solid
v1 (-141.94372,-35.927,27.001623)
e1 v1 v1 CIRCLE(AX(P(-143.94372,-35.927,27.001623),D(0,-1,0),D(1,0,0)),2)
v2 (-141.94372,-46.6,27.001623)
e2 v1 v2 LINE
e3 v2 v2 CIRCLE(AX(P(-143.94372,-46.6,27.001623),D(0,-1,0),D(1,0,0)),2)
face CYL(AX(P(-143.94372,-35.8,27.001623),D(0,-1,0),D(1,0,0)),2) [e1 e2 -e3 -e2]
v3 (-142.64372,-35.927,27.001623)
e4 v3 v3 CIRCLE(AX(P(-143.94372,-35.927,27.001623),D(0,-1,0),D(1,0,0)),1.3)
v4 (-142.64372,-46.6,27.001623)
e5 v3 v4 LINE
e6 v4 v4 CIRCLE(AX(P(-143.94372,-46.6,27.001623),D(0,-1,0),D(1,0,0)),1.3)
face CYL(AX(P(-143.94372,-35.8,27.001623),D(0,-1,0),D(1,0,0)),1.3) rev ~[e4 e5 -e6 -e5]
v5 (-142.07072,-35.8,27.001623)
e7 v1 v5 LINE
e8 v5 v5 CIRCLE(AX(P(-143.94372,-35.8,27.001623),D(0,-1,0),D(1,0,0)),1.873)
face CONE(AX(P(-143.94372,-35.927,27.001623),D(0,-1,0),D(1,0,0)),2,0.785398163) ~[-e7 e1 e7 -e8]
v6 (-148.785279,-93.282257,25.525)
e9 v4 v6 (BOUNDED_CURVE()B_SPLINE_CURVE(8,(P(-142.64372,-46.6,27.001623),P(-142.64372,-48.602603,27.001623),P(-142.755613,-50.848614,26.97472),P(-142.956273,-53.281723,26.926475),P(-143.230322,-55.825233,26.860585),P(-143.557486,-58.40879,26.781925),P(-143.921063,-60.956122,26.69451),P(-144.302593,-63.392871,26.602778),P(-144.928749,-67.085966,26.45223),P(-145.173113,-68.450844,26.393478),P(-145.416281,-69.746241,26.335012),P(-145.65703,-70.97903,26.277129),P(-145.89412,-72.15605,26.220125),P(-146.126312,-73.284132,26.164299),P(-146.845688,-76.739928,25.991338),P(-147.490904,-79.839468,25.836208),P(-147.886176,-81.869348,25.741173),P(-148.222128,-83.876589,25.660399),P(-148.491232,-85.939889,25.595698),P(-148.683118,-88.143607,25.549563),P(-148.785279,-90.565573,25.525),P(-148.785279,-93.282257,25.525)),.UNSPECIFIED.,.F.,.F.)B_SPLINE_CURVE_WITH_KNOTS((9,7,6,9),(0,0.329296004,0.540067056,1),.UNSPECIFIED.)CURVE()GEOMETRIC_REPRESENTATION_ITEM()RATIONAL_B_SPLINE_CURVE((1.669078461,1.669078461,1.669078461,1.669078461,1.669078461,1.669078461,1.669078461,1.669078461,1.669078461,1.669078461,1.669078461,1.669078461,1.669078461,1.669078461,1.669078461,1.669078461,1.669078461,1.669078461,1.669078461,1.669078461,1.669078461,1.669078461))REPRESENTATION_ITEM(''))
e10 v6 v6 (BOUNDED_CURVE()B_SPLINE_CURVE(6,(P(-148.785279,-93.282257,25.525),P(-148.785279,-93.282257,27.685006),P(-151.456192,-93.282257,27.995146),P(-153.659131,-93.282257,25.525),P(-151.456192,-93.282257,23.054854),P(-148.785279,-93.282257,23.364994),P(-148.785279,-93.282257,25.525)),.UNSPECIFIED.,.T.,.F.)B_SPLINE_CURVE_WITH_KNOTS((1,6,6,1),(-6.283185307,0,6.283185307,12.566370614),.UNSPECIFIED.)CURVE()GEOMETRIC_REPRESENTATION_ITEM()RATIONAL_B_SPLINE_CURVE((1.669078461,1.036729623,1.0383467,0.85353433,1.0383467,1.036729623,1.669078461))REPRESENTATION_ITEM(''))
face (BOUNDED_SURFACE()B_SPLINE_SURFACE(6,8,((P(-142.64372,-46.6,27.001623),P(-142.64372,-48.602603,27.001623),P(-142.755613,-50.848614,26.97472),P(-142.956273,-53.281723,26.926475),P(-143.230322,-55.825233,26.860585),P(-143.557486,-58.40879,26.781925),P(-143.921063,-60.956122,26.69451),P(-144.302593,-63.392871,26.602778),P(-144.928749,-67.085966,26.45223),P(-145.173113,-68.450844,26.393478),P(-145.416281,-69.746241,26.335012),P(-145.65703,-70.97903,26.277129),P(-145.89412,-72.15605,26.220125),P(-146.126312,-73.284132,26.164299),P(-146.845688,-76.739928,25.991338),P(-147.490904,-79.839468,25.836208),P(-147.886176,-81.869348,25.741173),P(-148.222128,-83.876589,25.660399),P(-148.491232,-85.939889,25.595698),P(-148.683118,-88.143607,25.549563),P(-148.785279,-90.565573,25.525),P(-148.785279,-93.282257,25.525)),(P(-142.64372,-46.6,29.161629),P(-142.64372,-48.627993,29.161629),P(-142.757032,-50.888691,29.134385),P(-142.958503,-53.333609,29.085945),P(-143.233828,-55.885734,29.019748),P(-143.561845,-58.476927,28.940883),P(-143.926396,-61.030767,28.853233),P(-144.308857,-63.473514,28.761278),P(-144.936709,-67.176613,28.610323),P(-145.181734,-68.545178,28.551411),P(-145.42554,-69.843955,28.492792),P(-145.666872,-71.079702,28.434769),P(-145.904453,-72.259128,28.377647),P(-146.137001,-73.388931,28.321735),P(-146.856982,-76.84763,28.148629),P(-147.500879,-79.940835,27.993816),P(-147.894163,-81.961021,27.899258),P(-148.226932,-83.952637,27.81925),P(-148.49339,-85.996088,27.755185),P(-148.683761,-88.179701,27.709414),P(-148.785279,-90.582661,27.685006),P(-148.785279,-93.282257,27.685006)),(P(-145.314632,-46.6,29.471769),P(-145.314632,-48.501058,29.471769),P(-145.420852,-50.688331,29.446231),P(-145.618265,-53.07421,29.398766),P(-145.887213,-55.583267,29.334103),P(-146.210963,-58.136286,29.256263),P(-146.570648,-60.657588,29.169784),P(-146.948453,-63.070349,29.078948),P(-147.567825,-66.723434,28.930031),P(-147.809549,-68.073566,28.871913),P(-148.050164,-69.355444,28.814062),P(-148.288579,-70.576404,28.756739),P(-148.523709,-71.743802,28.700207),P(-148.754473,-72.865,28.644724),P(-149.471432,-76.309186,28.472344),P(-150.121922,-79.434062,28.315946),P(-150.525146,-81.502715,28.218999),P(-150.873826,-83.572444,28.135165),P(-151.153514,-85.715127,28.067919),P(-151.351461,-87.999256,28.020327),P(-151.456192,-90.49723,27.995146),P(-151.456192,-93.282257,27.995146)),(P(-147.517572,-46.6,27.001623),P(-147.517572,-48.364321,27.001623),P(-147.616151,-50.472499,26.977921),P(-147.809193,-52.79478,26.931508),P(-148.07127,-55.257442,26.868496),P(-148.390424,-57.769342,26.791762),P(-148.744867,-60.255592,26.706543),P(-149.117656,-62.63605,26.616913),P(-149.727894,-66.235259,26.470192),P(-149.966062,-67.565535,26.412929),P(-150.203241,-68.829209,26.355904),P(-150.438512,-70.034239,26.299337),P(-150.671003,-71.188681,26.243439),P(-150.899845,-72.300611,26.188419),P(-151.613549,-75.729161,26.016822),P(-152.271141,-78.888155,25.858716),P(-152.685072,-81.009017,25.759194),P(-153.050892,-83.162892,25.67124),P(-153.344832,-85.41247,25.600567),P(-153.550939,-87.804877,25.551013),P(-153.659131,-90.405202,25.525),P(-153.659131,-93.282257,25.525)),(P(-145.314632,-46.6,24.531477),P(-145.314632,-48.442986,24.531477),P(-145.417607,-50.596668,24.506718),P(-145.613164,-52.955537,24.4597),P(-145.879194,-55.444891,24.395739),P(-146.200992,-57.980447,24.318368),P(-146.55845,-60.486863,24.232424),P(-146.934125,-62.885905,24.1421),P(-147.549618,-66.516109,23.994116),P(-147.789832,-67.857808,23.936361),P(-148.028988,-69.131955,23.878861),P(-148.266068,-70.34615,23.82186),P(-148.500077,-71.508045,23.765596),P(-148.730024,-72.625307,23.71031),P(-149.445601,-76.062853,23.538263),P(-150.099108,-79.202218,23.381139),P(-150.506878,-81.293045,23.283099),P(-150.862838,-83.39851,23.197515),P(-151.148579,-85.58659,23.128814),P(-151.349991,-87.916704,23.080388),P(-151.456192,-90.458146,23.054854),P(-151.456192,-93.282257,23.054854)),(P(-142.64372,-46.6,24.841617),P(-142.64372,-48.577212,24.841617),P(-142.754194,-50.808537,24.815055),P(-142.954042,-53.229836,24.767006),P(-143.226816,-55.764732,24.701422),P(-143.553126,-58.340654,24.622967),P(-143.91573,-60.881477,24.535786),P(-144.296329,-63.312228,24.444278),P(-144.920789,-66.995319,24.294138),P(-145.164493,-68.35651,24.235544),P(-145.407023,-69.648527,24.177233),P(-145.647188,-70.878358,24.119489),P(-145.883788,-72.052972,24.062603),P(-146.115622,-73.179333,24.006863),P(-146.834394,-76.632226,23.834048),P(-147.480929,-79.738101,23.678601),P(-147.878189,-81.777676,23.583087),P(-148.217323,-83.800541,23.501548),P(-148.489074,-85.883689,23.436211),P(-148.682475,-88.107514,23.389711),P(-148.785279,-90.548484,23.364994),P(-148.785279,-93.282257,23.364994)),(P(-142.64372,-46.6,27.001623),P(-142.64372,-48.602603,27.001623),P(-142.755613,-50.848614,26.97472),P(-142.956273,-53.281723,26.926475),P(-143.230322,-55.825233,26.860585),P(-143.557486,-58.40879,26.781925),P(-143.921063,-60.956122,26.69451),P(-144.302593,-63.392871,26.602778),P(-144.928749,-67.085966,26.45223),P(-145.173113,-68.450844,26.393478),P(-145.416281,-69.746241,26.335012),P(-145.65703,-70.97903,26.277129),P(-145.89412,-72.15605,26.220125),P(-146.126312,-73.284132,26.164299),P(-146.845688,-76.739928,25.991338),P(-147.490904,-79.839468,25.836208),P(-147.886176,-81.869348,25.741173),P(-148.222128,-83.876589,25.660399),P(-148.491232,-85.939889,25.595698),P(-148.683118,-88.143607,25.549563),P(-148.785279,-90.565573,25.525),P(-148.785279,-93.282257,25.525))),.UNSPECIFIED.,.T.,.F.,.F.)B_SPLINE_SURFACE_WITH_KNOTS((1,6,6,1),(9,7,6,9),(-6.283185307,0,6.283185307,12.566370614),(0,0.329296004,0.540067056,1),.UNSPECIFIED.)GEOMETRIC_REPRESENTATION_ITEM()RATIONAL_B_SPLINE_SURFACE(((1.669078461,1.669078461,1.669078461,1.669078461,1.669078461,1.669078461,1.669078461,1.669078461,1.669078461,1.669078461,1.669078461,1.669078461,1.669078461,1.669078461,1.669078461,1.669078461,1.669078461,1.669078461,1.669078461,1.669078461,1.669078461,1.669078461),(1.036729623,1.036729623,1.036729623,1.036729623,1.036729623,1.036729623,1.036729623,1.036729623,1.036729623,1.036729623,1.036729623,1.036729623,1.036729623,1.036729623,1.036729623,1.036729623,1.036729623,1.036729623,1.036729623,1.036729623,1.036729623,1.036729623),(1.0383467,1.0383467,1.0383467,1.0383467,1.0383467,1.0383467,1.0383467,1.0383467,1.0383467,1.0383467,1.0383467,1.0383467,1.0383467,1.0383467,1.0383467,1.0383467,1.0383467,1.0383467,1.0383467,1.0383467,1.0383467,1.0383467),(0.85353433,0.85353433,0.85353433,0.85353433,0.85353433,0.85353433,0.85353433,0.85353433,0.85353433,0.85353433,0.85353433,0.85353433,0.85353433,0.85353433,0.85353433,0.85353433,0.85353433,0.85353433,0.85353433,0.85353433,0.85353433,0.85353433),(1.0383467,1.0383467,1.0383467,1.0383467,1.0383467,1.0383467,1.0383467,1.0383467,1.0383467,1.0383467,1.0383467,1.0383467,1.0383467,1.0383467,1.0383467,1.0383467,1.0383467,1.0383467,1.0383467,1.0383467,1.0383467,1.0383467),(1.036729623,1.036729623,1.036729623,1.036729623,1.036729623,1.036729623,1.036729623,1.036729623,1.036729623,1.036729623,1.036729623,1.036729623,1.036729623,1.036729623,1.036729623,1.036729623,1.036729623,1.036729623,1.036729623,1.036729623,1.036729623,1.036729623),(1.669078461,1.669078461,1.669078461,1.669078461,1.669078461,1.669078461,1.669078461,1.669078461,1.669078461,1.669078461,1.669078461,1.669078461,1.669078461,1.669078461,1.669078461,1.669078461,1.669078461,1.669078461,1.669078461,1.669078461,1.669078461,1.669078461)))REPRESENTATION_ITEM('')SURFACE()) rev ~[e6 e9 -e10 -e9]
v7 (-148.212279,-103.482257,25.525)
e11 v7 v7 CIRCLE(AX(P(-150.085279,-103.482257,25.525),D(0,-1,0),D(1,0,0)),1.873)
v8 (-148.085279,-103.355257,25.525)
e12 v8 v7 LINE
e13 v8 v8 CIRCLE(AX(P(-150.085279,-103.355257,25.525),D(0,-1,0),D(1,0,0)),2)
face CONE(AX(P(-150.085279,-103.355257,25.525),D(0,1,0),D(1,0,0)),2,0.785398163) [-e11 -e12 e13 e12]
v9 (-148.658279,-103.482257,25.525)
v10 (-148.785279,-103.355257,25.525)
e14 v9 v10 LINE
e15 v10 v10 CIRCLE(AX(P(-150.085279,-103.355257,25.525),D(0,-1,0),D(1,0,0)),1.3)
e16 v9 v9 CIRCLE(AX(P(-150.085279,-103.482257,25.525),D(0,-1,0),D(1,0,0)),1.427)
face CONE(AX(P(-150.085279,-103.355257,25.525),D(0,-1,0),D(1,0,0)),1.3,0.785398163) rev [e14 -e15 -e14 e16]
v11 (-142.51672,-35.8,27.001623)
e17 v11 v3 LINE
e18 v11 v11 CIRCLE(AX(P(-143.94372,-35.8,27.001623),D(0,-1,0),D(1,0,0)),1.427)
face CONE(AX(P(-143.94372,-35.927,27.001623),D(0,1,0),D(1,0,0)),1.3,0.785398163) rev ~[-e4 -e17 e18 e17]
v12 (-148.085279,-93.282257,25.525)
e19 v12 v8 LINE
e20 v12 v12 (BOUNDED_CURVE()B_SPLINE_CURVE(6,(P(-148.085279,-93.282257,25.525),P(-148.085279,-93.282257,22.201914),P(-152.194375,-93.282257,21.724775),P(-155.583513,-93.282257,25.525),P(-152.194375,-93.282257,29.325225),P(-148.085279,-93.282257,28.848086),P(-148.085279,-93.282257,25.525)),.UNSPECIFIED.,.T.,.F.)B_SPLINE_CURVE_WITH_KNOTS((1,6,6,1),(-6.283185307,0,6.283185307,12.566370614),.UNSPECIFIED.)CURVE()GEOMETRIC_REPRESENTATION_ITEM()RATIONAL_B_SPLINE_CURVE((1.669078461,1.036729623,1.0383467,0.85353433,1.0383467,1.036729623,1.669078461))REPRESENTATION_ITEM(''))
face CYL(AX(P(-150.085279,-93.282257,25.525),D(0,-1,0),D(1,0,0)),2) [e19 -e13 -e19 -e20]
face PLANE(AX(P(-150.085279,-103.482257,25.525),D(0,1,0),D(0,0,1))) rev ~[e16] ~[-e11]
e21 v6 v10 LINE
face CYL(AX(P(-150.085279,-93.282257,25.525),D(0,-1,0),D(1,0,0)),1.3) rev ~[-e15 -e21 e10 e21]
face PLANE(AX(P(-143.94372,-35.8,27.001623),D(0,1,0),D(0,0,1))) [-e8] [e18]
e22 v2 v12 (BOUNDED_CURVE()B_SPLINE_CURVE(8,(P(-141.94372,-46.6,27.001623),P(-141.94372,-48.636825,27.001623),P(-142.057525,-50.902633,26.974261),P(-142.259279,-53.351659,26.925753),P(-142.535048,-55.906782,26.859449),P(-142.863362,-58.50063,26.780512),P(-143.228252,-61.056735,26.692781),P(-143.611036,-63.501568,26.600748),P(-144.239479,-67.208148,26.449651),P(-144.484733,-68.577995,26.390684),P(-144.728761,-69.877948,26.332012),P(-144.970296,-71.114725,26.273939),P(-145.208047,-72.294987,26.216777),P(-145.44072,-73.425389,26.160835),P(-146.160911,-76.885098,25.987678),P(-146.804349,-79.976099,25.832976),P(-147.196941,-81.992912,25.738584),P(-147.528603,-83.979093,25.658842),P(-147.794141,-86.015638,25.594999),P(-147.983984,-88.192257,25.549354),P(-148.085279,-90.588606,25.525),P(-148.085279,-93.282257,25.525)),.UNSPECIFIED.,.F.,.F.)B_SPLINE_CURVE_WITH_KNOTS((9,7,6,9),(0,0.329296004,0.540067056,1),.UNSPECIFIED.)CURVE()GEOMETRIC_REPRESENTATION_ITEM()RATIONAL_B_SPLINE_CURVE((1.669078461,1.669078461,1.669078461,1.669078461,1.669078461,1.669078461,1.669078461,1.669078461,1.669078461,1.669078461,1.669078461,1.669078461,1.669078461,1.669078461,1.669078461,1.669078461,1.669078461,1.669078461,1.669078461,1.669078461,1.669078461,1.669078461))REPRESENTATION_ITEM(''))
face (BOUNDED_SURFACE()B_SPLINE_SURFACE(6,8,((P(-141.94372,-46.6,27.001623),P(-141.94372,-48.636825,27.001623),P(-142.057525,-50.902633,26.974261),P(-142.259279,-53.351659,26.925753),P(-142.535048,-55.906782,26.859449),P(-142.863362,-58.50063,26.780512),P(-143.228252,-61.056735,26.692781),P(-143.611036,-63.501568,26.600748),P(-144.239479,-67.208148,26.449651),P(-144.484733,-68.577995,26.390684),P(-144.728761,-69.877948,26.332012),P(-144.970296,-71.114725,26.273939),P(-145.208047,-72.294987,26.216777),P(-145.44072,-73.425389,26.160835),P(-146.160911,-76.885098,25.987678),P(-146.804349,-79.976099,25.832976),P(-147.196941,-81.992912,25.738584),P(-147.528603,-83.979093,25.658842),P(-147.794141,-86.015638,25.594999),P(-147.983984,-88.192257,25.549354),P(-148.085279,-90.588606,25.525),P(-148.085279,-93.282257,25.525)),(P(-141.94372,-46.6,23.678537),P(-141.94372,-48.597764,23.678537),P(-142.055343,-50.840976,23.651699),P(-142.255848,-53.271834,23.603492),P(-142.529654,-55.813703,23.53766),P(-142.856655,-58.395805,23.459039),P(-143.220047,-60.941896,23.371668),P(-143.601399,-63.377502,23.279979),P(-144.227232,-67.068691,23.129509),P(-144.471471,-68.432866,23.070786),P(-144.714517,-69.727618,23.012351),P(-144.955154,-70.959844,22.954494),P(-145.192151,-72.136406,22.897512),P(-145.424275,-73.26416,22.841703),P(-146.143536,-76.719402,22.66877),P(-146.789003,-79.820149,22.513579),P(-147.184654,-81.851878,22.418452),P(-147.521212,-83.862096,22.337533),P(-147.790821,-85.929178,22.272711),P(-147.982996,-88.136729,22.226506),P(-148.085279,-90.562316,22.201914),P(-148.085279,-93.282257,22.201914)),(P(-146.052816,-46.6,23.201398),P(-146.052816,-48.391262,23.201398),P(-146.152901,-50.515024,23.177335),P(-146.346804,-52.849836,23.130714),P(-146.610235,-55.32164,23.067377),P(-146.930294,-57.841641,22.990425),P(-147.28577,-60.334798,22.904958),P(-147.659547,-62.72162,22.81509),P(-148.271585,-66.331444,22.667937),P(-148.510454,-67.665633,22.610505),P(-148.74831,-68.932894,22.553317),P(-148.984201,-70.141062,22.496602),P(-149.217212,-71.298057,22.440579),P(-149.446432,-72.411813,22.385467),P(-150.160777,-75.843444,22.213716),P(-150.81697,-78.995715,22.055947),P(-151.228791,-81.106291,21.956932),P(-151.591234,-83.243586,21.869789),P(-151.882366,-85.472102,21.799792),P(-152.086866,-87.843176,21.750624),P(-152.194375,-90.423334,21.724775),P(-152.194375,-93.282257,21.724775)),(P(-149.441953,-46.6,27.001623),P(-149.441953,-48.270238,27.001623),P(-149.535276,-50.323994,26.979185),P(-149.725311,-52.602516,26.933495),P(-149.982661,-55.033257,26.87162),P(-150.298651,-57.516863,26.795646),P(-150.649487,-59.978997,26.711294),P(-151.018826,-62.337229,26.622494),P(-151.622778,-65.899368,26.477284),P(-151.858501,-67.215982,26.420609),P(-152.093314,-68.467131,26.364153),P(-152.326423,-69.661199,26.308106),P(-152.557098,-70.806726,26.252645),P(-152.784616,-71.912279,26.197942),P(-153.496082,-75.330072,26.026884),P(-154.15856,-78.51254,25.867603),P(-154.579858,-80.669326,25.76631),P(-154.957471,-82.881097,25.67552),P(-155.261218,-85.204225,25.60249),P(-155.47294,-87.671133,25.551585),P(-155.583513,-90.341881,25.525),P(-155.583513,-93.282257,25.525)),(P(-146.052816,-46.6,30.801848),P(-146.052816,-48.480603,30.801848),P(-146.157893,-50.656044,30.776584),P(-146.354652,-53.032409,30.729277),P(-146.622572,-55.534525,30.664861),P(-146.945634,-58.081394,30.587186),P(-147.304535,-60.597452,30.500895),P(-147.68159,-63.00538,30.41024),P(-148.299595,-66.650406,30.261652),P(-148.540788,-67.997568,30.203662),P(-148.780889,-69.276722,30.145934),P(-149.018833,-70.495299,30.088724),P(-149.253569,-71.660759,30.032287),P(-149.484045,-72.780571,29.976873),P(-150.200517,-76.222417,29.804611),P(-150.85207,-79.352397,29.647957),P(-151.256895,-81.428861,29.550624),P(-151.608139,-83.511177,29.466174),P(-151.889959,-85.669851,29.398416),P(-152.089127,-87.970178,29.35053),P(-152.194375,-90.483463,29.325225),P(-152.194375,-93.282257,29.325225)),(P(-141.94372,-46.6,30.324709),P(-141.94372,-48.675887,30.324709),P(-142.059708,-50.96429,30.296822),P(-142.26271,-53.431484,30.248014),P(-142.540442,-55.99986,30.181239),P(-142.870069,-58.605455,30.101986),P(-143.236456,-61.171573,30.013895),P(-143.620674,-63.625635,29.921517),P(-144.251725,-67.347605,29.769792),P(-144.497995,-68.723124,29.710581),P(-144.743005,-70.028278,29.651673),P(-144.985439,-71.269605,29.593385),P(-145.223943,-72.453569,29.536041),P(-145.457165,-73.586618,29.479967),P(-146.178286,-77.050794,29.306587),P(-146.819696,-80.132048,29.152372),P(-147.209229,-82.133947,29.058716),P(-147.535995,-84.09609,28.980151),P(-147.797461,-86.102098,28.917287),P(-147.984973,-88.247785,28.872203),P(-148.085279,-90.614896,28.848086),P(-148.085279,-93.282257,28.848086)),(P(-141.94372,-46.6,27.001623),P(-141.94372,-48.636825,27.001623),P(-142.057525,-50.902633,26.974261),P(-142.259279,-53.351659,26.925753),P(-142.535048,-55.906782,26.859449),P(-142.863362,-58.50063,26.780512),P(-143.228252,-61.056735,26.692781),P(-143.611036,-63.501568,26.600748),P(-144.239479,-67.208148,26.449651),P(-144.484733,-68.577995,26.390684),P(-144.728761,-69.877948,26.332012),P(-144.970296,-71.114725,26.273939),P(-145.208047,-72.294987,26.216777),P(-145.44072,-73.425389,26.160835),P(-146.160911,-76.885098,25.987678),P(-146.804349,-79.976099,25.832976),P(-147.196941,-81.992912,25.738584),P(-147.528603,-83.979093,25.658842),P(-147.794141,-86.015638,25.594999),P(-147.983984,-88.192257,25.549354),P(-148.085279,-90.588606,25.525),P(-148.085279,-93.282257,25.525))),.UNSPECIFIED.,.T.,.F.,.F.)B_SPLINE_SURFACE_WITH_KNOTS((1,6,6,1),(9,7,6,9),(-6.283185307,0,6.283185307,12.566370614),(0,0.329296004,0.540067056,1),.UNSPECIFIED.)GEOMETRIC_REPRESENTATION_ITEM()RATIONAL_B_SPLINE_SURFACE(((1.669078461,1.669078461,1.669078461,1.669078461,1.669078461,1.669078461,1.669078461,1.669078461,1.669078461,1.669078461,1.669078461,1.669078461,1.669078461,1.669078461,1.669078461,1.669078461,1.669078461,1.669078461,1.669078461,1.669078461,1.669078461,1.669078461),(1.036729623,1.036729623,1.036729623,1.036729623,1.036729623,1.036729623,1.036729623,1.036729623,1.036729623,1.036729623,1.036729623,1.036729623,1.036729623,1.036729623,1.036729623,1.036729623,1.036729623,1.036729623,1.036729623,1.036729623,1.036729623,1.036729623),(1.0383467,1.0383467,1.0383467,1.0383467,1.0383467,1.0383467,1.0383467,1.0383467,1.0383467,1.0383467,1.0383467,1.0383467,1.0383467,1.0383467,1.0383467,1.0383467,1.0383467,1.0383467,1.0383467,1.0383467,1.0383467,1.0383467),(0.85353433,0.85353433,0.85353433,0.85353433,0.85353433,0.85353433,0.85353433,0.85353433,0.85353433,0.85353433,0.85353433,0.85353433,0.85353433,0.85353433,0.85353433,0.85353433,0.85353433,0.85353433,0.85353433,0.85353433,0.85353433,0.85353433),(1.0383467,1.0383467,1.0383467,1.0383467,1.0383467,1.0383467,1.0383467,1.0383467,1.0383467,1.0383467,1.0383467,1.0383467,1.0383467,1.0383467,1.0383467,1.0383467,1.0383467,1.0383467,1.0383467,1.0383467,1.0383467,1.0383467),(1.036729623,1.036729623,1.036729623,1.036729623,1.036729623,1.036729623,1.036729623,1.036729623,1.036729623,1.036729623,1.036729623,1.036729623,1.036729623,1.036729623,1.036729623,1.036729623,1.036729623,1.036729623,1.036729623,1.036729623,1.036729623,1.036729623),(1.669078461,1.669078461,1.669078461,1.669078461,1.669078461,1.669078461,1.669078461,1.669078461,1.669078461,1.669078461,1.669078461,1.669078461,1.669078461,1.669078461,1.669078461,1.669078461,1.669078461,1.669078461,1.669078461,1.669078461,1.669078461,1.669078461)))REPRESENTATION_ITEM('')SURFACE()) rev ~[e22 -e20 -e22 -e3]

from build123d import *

# Parameters (mm, degrees)
SKETCH1_R     = 2
SKETCH1_R_2   = 1.3
CHAMFER1_SIZE = 0.127


with BuildPart() as part:
    # Sweep1: sweep along a curve in space
    with BuildLine() as sweep1_path:
        Line((-150.085279081, -93.282256564, 25.525), (-150.085279081, -103.482256564, 25.525))
        add(Edge.make_bspline(
            [(-143.943719565, -46.6, 27.001622999), (-143.943719565, -51.770788857, 27.001622999), (-147.014499323, -75.131743905, 26.263311499), (-150.085279081, -82.551529797, 25.525), (-150.085279081, -93.282256564, 25.525)],
            knots=[0, 0, 0, 0, 0.329296004, 1, 1, 1, 1], degree=3))
        Line((-143.943719565, -35.8, 27.001622999), (-143.943719565, -46.6, 27.001622999))
    # Sketch1 → Sweep1 (sweep)
    with BuildSketch(Plane(origin=(0, -95.382256564, 0), x_dir=(1, 0, 0), z_dir=(0, 1, 0))):
        with Locations((-150.085279081, -25.525)):
            Circle(SKETCH1_R)
        with Locations((-150.085279081, -25.525)):
            Circle(SKETCH1_R_2, mode=Mode.SUBTRACT)
    sweep(path=sweep1_path.line)

    # Chamfer1
    chamfer1_edges = [part.edges().sort_by_distance(p)[0] for p in [
        (-145.243719565, -35.8, 27.001622999),
        (-145.943719565, -35.8, 27.001622999),
        (-151.385279081, -103.482256564, 25.525),
        (-152.085279081, -103.482256564, 25.525),
    ]]
    chamfer(chamfer1_edges, length=CHAMFER1_SIZE)


solid = part.part
